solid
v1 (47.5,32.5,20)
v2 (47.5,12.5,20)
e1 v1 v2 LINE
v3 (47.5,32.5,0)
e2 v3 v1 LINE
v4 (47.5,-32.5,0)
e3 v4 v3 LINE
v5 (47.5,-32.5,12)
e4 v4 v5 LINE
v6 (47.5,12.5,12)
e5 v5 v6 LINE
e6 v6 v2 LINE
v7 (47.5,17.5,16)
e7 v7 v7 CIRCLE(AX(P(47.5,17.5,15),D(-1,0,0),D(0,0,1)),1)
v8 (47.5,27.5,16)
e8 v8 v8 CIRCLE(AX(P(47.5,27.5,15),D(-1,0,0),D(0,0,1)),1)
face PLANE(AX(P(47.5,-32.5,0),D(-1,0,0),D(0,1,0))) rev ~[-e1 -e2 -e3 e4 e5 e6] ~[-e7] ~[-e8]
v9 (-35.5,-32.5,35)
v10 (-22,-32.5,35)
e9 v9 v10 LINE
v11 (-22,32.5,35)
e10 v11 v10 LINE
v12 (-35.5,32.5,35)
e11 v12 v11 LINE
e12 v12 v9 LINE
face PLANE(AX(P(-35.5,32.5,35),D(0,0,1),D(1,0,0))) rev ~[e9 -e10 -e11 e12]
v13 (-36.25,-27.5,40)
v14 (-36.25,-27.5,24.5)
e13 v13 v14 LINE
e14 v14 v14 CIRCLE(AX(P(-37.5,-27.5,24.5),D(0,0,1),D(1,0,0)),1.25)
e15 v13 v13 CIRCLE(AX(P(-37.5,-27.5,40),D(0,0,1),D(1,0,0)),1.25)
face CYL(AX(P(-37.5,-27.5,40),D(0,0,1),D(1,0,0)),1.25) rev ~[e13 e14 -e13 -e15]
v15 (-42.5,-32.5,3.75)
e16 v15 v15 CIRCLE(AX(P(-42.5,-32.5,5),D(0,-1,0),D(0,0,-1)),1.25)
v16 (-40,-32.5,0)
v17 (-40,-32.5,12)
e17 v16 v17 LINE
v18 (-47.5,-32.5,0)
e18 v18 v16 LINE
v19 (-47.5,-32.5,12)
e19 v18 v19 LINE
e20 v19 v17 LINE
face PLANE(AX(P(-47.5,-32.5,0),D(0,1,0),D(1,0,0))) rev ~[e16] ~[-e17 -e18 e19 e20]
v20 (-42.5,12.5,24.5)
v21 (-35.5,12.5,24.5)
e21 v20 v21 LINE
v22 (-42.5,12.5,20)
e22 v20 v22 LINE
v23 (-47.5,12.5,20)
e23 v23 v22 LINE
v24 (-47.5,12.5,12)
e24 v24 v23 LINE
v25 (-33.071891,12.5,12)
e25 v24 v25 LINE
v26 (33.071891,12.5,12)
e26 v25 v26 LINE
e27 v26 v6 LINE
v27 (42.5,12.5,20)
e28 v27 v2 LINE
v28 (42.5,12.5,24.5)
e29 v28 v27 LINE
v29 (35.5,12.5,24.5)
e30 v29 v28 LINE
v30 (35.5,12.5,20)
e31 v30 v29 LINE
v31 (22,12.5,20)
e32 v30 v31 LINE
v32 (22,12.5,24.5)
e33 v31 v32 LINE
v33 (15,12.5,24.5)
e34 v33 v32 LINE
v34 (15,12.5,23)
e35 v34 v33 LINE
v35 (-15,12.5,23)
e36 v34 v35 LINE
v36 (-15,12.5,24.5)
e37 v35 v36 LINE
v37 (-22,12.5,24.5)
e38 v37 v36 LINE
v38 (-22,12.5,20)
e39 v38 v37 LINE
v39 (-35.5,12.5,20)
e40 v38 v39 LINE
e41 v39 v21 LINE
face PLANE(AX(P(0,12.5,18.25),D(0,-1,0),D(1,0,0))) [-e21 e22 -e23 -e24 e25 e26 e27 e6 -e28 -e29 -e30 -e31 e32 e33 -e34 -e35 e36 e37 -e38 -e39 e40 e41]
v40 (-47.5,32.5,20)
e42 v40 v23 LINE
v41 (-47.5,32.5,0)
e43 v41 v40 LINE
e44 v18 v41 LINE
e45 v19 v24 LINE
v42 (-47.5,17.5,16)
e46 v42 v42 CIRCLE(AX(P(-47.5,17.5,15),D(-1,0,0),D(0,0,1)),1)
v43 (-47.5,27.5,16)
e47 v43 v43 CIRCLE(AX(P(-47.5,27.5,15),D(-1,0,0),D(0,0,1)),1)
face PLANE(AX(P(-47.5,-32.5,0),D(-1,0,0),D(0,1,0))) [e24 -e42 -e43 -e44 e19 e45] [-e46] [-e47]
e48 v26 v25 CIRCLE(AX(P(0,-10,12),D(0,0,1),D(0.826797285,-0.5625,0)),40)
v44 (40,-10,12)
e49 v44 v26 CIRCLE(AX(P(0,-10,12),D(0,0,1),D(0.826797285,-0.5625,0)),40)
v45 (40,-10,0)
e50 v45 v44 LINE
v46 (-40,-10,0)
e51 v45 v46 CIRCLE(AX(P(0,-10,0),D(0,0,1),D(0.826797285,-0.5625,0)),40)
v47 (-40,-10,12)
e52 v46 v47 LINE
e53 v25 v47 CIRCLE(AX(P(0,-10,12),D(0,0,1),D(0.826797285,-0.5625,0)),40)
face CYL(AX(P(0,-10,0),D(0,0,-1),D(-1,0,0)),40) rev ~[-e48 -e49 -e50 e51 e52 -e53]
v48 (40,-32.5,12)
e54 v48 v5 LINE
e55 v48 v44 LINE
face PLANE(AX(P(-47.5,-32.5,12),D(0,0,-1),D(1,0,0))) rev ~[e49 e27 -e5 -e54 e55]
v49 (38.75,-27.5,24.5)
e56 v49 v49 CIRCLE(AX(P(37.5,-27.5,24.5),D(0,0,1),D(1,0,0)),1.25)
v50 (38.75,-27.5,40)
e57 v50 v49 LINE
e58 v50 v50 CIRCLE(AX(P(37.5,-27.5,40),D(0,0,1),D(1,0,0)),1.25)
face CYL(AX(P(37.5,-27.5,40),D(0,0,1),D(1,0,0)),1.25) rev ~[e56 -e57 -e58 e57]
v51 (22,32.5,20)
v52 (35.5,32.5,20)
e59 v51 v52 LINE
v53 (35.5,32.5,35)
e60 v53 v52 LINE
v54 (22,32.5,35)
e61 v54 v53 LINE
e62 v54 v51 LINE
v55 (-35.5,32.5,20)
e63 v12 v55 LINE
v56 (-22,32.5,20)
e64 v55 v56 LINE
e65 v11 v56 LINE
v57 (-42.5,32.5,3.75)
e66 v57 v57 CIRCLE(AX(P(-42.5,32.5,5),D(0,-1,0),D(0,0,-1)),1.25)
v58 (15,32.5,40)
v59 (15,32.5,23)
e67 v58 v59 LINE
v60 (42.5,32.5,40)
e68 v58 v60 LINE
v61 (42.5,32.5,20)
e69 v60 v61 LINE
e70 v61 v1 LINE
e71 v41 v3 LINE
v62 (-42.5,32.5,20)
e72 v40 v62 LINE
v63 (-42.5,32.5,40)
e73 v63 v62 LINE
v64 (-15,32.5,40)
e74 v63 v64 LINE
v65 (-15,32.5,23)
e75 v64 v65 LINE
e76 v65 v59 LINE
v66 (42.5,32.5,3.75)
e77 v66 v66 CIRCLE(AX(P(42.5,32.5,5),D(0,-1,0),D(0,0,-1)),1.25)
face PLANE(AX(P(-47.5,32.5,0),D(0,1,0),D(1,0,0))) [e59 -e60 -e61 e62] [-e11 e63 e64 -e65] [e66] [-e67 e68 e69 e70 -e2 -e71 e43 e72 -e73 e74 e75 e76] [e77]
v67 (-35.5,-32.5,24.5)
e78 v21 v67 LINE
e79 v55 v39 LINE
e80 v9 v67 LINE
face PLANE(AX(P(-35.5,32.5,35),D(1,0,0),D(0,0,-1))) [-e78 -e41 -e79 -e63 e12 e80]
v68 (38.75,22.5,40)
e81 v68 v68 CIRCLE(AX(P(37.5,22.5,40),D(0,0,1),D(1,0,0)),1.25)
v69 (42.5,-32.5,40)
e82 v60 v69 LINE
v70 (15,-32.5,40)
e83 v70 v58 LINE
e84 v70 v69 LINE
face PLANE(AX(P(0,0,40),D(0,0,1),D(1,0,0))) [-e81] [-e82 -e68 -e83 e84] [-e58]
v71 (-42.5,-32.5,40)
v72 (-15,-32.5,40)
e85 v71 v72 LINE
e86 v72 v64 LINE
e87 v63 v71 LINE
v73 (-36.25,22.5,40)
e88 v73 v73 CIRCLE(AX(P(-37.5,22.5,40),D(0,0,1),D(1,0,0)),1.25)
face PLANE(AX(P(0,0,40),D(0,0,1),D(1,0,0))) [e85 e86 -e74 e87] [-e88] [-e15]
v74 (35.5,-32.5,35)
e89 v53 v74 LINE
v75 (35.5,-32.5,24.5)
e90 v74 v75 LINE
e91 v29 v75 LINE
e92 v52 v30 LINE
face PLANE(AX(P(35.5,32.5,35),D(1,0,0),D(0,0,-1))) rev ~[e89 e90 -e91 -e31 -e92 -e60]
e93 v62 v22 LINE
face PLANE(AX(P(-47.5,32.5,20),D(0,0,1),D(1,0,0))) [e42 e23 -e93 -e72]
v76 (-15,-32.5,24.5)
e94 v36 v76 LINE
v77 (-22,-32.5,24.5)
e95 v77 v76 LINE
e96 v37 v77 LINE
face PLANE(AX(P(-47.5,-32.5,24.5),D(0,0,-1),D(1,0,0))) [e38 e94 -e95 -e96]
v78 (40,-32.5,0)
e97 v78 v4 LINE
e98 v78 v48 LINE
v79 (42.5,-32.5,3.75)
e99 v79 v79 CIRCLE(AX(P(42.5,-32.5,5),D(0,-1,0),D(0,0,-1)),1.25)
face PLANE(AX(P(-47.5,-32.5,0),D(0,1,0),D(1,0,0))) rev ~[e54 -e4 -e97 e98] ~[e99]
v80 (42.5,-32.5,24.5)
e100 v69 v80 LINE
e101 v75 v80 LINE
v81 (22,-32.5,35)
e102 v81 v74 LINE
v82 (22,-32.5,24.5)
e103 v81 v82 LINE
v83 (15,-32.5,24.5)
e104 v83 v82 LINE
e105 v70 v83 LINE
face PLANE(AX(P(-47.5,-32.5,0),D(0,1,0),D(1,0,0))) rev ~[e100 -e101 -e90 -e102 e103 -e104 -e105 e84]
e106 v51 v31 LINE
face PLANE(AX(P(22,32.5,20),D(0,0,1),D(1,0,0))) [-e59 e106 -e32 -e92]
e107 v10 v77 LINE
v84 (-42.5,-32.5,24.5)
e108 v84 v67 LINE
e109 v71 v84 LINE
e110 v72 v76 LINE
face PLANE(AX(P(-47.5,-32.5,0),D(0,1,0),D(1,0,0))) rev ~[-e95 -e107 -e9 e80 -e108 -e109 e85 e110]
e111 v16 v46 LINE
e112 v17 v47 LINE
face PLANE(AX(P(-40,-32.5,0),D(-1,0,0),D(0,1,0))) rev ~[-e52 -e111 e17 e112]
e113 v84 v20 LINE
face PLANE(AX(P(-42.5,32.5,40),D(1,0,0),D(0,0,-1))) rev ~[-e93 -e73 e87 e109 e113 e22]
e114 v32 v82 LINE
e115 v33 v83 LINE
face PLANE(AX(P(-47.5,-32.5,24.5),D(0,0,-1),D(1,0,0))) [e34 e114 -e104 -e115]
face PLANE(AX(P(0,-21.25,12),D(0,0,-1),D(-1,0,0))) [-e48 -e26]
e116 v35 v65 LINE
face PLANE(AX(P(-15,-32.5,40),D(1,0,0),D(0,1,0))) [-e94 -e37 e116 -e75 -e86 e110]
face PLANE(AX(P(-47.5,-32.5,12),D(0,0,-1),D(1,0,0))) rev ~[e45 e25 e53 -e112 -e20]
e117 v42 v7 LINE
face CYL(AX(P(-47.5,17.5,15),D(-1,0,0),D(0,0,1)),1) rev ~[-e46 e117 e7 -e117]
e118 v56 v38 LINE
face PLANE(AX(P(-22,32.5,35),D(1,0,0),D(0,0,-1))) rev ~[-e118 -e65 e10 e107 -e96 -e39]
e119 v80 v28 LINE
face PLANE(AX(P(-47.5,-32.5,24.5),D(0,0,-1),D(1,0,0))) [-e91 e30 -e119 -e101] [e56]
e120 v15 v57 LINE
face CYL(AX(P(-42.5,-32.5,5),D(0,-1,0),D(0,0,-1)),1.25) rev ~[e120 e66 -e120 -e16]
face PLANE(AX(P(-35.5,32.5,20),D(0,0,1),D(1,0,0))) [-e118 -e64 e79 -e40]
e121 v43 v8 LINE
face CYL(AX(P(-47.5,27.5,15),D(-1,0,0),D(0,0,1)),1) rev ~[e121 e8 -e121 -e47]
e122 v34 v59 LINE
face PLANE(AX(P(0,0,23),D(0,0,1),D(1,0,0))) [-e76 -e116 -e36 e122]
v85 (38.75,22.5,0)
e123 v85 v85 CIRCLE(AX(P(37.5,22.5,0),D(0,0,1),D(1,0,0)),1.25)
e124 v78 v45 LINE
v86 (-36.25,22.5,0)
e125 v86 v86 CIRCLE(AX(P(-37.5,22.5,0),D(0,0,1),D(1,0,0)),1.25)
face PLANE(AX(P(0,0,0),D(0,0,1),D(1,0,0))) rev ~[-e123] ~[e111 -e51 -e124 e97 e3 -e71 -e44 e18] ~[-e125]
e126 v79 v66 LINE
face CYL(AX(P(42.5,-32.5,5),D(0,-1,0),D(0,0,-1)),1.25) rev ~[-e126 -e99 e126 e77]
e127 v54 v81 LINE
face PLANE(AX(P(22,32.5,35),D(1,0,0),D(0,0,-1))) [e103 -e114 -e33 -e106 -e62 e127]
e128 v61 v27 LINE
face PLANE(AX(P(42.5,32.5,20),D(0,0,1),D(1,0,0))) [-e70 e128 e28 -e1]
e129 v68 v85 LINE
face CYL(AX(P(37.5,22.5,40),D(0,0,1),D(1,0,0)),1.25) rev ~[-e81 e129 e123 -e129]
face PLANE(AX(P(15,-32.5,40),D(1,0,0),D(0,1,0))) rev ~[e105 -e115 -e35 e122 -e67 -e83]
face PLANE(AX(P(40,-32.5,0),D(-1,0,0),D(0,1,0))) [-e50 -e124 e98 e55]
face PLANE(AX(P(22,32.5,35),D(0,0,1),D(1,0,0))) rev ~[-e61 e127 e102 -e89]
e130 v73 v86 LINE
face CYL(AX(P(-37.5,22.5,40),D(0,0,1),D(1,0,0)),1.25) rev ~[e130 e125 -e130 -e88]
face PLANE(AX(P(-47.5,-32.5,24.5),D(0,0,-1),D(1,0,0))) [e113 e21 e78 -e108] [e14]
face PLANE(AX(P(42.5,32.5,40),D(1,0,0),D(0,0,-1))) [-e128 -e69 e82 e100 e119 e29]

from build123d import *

# Parameters (mm, degrees)
ESQUISSE1_W              = 95
ESQUISSE1_H              = 65
BOSS_EXTRU_1_DEPTH       = 40
ESQUISSE3_R              = 40
ENL_V_MAT_EXTRU_1_DEPTH  = 12
ESQUISSE5_W              = 5
ESQUISSE5_H              = 20
ENL_V_MAT_EXTRU_2_DEPTH  = 90.895772982
ESQUISSE6_W              = 5
ESQUISSE6_H              = 20
ENL_V_MAT_EXTRU_3_DEPTH  = 90.895772982
ESQUISSE7_W              = 80
ESQUISSE7_H              = 22.5
ENL_V_MAT_EXTRU_4_DEPTH  = 12
ESQUISSE8_W              = 95
ESQUISSE8_H              = 12.5
ENL_V_MAT_EXTRU_5_DEPTH  = 45
ESQUISSE10_W             = 30
ESQUISSE10_H             = 65
ENL_V_MAT_EXTRU_6_DEPTH  = 17
ESQUISSE11_W             = 13.5
ESQUISSE11_H             = 15
ENL_V_MAT_EXTRU_7_DEPTH  = 90.895772982
ESQUISSE12_W             = 13.5
ESQUISSE12_H             = 15
ENL_V_MAT_EXTRU_8_DEPTH  = 90.895772982
ESQUISSE14_R             = 1
ENL_V_MAT_EXTRU_9_DEPTH  = 109.079831606
ESQUISSE15_R             = 1.25
ENL_V_MAT_EXTRU_10_DEPTH = 71.089228844
ESQUISSE16_R             = 1.25
ENL_V_MAT_EXTRU_11_DEPTH = 90.895772982


with BuildPart() as part:
    # Esquisse1 → Boss.-Extru.1 (new body)
    with BuildSketch(Plane.XY):
        Rectangle(ESQUISSE1_W, ESQUISSE1_H)
    extrude(amount=BOSS_EXTRU_1_DEPTH)

    # Esquisse3 → Enlèv. mat.-Extru.1 (cut)
    with BuildSketch(Plane(origin=(0, 0, 0), x_dir=(-1, 0, 0), z_dir=(0, 0, -1))):
        with Locations((0, -10)):
            Circle(ESQUISSE3_R)
    extrude(amount=-ENL_V_MAT_EXTRU_1_DEPTH, mode=Mode.SUBTRACT)

    # Esquisse5 → Enlèv. mat.-Extru.2 (cut, through all)
    with BuildSketch(Plane(origin=(0, 32.5, 0), x_dir=(1, 0, 0), z_dir=(0, 1, 0))):
        with Locations((-45, -30)):
            Rectangle(ESQUISSE5_W, ESQUISSE5_H)
    extrude(amount=-ENL_V_MAT_EXTRU_2_DEPTH, mode=Mode.SUBTRACT)

    # Esquisse6 → Enlèv. mat.-Extru.3 (cut, through all)
    with BuildSketch(Plane(origin=(0, 32.5, 0), x_dir=(1, 0, 0), z_dir=(0, 1, 0))):
        with Locations((45, -30)):
            Rectangle(ESQUISSE6_W, ESQUISSE6_H)
    extrude(amount=-ENL_V_MAT_EXTRU_3_DEPTH, mode=Mode.SUBTRACT)

    # Esquisse7 → Enlèv. mat.-Extru.4 (cut)
    with BuildSketch(Plane(origin=(0, 0, 0), x_dir=(-1, 0, 0), z_dir=(0, 0, -1))):
        with Locations((0, -21.25)):
            Rectangle(ESQUISSE7_W, ESQUISSE7_H)
    extrude(amount=-ENL_V_MAT_EXTRU_4_DEPTH, mode=Mode.SUBTRACT)

    # Esquisse8 → Enlèv. mat.-Extru.5 (cut)
    with BuildSketch(Plane.XZ.offset(32.5)):
        with Locations((0, 18.25)):
            Rectangle(ESQUISSE8_W, ESQUISSE8_H)
    extrude(amount=-ENL_V_MAT_EXTRU_5_DEPTH, mode=Mode.SUBTRACT)

    # Esquisse10 → Enlèv. mat.-Extru.6 (cut)
    with BuildSketch(Plane.XY.offset(40)):
        Rectangle(ESQUISSE10_W, ESQUISSE10_H)
    extrude(amount=-ENL_V_MAT_EXTRU_6_DEPTH, mode=Mode.SUBTRACT)

    # Esquisse11 → Enlèv. mat.-Extru.7 (cut, through all)
    with BuildSketch(Plane(origin=(0, 32.5, 0), x_dir=(1, 0, 0), z_dir=(0, 1, 0))):
        with Locations((-28.75, -27.5)):
            Rectangle(ESQUISSE11_W, ESQUISSE11_H)
    extrude(amount=-ENL_V_MAT_EXTRU_7_DEPTH, mode=Mode.SUBTRACT)

    # Esquisse12 → Enlèv. mat.-Extru.8 (cut, through all)
    with BuildSketch(Plane(origin=(0, 32.5, 0), x_dir=(1, 0, 0), z_dir=(0, 1, 0))):
        with Locations((28.75, -27.5)):
            Rectangle(ESQUISSE12_W, ESQUISSE12_H)
    extrude(amount=-ENL_V_MAT_EXTRU_8_DEPTH, mode=Mode.SUBTRACT)

    # Esquisse14 → Enlèv. mat.-Extru.9 (cut, through all)
    with BuildSketch(Plane.ZY.offset(47.5)):
        with Locations((15, 27.5)):
            Circle(ESQUISSE14_R)
        with Locations((15, 17.5)):
            Circle(ESQUISSE14_R)
    extrude(amount=-ENL_V_MAT_EXTRU_9_DEPTH, mode=Mode.SUBTRACT)

    # Esquisse15 → Enlèv. mat.-Extru.10 (cut, through all)
    with BuildSketch(Plane.XY.offset(40)):
        with Locations((-37.5, 22.5)):
            Circle(ESQUISSE15_R)
        with Locations((37.5, 22.5)):
            Circle(ESQUISSE15_R)
        with Locations((-37.5, -27.5)):
            Circle(ESQUISSE15_R)
        with Locations((37.5, -27.5)):
            Circle(ESQUISSE15_R)
    extrude(amount=-ENL_V_MAT_EXTRU_10_DEPTH, mode=Mode.SUBTRACT)

    # Esquisse16 → Enlèv. mat.-Extru.11 (cut, through all)
    with BuildSketch(Plane.XZ.offset(32.5)):
        with Locations(Location((42.5, 5, 0), (0, 0, 270))):
            Circle(ESQUISSE16_R)
        with Locations(Location((-42.5, 5, 0), (0, 0, 270))):
            Circle(ESQUISSE16_R)
    extrude(amount=-ENL_V_MAT_EXTRU_11_DEPTH, mode=Mode.SUBTRACT)


solid = part.part
